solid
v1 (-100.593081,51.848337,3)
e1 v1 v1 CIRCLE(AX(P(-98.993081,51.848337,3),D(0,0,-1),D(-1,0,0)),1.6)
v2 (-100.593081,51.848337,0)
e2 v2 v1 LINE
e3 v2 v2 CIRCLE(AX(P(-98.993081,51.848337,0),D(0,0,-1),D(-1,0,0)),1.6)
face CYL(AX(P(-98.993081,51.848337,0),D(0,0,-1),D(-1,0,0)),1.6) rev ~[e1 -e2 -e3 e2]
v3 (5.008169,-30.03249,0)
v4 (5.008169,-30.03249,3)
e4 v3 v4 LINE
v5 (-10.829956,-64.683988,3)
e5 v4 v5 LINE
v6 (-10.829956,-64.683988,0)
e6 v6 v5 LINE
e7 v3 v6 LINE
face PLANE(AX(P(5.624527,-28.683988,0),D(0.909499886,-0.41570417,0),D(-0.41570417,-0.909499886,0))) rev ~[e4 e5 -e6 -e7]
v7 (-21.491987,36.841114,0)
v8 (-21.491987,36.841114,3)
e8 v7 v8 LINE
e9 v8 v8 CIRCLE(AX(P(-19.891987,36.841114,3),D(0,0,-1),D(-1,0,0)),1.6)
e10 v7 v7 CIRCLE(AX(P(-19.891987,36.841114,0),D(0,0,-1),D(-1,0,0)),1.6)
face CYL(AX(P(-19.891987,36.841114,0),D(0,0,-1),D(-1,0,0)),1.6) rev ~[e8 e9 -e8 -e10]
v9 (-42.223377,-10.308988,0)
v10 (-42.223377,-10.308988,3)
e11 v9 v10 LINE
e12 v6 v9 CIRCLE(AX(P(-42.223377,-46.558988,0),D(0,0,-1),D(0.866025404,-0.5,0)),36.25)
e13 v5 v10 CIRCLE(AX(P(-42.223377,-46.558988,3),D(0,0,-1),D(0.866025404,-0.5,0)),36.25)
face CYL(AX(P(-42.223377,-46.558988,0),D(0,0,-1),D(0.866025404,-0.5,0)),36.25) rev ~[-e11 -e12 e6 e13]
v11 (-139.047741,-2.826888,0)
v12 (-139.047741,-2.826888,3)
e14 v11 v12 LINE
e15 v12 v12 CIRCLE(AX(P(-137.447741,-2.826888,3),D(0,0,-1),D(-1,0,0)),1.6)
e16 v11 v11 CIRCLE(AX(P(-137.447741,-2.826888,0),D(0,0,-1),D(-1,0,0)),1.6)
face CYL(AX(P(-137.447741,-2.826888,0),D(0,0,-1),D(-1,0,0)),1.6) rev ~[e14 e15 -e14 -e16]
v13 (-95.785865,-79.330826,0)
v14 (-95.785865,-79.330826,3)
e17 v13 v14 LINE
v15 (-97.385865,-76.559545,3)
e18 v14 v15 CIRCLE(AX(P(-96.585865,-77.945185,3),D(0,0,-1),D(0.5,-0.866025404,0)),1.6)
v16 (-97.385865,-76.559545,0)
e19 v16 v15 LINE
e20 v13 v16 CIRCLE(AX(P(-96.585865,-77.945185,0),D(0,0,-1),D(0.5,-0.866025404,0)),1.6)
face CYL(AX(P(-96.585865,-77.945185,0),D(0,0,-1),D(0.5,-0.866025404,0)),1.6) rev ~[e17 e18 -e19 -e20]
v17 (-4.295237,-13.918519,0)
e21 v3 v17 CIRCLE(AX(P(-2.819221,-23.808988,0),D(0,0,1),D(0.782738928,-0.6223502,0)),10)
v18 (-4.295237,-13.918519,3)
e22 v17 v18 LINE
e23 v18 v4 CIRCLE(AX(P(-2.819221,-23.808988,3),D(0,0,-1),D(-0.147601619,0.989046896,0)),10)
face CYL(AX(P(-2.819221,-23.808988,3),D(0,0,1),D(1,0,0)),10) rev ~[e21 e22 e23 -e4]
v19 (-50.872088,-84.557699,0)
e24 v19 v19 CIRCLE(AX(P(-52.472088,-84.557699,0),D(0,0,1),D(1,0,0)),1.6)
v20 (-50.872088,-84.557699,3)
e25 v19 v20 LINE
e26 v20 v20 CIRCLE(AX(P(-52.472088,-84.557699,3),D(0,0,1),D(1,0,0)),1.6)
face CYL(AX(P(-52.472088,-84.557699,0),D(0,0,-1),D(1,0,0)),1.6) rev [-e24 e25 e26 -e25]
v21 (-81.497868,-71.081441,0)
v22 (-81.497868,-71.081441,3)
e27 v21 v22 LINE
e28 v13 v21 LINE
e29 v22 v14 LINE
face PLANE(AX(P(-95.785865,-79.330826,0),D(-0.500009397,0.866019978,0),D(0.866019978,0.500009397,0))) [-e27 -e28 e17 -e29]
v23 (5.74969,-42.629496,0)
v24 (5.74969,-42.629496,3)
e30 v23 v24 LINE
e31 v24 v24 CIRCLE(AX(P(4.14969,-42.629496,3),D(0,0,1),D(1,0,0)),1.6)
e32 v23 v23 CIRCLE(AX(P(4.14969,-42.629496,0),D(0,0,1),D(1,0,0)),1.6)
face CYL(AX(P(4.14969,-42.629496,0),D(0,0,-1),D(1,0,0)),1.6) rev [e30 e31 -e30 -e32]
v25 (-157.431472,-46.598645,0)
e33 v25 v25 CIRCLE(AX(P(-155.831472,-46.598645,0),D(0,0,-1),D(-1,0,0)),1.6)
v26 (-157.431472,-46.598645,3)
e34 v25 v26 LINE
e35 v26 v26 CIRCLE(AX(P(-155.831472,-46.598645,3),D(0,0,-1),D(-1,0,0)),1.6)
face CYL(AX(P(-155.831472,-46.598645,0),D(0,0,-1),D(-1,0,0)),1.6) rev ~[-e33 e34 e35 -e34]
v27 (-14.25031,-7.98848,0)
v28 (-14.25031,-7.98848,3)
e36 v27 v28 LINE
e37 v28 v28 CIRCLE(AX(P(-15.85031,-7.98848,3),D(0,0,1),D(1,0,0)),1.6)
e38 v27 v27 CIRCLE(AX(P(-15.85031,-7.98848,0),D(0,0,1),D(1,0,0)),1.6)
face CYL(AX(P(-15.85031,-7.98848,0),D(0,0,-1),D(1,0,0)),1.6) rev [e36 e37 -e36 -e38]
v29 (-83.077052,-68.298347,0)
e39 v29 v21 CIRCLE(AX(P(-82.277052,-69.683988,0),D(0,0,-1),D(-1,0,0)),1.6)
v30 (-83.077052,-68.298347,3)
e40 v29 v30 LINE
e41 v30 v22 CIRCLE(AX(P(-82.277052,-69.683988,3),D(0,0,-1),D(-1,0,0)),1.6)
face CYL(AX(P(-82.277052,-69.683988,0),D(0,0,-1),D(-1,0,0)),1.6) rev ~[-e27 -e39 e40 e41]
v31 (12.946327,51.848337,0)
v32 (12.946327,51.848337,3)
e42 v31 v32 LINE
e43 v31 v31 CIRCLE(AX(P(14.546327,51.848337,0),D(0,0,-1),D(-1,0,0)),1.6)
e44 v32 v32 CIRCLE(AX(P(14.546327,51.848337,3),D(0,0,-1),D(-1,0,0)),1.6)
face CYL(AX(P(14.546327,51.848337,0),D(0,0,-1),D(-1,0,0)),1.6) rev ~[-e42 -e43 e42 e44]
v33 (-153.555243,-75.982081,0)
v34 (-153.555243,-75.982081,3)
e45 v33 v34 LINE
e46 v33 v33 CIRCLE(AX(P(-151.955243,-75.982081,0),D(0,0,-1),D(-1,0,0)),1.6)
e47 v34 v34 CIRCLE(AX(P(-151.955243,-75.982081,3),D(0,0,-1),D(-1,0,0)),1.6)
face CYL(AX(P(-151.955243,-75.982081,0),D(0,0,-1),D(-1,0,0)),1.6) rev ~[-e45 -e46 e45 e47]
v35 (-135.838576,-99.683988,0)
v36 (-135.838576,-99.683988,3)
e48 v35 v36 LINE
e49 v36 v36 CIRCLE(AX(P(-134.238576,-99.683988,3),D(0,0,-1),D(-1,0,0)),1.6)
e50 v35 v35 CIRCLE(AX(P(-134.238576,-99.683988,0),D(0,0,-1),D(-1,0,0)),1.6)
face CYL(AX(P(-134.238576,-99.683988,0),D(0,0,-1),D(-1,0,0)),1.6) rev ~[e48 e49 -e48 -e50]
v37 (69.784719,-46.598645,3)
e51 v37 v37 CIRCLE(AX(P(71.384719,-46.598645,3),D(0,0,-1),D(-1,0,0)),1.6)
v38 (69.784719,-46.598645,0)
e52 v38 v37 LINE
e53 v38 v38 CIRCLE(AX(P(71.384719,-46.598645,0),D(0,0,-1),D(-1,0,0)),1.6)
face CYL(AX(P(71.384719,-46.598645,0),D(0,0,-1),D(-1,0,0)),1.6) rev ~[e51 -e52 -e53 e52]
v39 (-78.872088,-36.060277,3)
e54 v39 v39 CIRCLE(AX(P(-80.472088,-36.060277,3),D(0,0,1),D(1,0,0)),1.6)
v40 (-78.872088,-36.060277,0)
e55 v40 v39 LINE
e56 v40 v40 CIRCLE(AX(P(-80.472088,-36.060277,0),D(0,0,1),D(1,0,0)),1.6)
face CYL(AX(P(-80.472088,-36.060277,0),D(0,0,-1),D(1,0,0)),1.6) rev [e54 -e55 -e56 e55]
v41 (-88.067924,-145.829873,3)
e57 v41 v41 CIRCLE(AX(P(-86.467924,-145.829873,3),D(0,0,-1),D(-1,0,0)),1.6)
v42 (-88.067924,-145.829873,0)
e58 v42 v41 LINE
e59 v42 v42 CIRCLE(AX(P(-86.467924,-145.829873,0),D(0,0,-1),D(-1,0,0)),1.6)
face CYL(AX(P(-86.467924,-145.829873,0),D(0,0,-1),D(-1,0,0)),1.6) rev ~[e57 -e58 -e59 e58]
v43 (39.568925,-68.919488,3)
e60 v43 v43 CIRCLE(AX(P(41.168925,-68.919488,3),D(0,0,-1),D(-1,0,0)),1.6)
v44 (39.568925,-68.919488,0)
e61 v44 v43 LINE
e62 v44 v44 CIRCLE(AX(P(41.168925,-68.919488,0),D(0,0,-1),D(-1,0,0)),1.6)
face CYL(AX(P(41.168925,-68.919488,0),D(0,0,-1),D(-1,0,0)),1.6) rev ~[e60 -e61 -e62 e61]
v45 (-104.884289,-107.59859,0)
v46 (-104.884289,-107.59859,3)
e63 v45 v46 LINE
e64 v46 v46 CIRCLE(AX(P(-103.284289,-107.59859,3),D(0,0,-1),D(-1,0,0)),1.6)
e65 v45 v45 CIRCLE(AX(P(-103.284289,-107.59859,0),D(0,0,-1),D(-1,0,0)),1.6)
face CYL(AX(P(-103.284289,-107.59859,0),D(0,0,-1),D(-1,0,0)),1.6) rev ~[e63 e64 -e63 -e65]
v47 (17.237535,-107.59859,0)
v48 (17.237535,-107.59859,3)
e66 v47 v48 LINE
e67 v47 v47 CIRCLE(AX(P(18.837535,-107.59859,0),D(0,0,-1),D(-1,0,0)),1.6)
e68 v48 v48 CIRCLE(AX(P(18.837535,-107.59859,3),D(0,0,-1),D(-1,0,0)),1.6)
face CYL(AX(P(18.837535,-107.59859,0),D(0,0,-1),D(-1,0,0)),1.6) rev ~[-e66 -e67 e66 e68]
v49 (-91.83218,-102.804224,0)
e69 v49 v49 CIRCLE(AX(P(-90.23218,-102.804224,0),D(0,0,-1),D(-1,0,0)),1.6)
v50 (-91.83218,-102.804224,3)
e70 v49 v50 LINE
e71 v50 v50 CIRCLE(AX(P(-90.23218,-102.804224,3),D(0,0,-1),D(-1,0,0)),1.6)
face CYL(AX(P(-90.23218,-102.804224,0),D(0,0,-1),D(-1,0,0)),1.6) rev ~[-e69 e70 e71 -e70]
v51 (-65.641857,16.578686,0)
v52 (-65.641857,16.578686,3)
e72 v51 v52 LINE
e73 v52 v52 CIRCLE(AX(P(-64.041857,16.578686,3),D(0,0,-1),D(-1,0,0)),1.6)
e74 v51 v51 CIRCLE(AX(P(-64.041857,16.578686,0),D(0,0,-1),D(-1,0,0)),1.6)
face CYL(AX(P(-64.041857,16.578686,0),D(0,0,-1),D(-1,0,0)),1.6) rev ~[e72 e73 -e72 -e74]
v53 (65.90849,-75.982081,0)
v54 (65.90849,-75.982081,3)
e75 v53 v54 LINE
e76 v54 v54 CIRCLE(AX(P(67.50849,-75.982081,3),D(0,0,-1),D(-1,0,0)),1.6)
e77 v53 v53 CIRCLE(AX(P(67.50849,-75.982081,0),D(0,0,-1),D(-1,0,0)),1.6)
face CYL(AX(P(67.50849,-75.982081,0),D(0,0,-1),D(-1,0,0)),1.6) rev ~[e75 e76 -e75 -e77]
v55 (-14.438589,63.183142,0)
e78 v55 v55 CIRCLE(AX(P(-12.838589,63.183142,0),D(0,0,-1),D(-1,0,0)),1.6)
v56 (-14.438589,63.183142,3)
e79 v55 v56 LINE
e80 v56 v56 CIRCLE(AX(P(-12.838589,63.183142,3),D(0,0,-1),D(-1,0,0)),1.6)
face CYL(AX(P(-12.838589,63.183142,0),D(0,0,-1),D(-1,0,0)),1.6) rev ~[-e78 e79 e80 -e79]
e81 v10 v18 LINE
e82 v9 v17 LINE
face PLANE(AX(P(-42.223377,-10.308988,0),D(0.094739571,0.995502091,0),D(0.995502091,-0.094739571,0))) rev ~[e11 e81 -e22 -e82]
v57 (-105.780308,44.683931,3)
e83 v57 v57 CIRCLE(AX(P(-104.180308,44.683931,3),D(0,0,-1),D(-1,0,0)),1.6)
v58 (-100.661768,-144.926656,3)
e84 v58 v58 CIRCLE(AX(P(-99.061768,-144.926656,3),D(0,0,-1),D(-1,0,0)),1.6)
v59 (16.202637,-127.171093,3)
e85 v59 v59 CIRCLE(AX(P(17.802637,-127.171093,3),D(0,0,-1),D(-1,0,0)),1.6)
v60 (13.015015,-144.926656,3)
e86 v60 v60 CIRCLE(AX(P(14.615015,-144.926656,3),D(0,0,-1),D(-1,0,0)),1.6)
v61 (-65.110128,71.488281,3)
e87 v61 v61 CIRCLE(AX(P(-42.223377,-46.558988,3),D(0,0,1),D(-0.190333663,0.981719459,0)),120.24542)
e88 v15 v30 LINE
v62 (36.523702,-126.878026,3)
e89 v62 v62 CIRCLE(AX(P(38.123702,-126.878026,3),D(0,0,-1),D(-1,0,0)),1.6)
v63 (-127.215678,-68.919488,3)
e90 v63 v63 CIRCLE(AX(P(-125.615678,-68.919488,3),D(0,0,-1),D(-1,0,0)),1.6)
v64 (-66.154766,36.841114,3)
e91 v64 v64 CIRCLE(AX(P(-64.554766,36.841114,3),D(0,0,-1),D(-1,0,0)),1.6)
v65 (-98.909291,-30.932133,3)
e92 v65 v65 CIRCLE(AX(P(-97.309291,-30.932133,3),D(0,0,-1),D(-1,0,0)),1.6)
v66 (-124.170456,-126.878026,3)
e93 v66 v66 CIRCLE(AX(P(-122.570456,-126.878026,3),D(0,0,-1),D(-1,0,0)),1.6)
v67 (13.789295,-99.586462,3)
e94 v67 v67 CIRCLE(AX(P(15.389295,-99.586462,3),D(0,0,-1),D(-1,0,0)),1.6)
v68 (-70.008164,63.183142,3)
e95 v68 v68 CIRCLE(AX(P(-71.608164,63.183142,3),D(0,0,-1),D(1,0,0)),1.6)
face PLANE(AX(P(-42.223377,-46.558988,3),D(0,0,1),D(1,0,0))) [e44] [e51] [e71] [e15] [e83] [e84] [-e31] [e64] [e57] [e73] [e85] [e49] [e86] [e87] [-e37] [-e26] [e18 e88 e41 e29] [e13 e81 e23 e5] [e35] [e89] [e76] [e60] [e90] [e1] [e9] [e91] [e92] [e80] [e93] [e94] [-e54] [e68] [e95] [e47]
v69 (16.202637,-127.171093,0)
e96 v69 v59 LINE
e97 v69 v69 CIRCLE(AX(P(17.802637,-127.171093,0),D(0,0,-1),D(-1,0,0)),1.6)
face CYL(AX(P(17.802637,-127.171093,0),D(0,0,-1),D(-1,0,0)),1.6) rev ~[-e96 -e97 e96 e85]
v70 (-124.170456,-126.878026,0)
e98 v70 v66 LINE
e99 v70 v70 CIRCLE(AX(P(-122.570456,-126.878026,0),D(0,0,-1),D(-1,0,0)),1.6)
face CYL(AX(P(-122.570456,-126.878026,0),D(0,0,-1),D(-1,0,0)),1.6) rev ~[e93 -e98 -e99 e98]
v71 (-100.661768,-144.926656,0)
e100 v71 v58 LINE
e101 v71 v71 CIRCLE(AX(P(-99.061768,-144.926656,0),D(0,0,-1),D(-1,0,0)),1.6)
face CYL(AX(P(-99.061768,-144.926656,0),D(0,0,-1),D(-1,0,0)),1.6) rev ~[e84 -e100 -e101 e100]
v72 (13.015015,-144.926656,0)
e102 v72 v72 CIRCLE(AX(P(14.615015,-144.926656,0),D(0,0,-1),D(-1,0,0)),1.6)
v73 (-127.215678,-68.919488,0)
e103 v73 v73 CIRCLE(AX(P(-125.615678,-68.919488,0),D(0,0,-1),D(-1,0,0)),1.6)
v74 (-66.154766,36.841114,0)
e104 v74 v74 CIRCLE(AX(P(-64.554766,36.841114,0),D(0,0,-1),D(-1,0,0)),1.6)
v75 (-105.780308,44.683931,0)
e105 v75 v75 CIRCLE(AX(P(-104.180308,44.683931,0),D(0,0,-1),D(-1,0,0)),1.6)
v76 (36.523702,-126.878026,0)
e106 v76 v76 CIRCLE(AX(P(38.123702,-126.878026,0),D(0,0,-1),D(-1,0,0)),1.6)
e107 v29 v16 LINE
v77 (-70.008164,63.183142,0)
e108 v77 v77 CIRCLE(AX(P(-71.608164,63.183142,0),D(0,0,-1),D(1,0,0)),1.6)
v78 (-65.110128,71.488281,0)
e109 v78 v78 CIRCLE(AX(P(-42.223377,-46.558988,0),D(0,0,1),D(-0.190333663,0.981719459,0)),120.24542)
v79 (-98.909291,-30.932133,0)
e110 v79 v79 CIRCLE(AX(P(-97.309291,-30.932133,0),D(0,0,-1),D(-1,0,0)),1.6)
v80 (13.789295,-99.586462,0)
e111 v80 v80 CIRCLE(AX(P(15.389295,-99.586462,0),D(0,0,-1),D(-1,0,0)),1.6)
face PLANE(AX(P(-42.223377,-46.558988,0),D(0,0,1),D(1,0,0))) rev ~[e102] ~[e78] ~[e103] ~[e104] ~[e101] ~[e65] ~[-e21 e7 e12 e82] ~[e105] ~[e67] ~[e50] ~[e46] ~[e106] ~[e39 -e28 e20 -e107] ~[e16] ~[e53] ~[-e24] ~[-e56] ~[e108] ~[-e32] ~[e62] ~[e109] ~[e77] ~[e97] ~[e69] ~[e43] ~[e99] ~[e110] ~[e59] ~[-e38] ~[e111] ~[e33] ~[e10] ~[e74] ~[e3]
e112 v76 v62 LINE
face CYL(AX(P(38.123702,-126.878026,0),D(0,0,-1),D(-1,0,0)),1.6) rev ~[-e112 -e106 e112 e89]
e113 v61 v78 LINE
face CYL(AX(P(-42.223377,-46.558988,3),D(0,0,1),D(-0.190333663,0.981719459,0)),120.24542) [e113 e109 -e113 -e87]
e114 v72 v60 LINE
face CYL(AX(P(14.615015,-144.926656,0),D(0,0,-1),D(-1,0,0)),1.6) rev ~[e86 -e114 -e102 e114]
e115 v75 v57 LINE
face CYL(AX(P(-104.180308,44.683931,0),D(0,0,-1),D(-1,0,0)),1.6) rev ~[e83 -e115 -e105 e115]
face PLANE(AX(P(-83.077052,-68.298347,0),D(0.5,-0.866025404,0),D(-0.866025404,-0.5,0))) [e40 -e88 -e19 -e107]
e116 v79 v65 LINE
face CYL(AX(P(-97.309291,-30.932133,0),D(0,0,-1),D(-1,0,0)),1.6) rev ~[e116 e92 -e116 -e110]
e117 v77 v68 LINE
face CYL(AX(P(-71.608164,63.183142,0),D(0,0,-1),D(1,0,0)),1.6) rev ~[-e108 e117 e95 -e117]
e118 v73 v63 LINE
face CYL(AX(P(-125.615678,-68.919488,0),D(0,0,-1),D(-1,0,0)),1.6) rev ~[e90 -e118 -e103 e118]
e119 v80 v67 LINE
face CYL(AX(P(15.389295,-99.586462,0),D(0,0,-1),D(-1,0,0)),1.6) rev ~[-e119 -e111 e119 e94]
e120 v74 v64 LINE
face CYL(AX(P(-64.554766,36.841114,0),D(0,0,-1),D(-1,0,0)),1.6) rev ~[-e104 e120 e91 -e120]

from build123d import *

# Parameters (mm, degrees)
SKETCH1_R           = 1.6
BOSS_EXTRUDE1_DEPTH = 3
SKETCH2_R           = 10
CUT_EXTRUDE1_DEPTH  = 178.200787705
BOSS_EXTRUDE2_DEPTH = 3
SKETCH4_R           = 1.6
CUT_EXTRUDE2_DEPTH  = 10
SKETCH5_R           = 1.6
CUT_EXTRUDE4_DEPTH  = 233.870824119
SKETCH6_R           = 1.6
CUT_EXTRUDE5_DEPTH  = 233.870824119


with BuildPart() as part:
    # Sketch1 → Boss-Extrude1 (new body)
    with BuildSketch(Plane.XY):
        Polygon((-65.110127969, 48.691011888), (-135.939165656, -73.988480037), (-113.05241431, -113.629496188), (28.605661063, -113.629496188), (51.492412409, -73.988480037), (-19.336625277, 48.691011888), align=None)
        with Locations((-15.850309664, -7.988480037)):
            Circle(SKETCH1_R, mode=Mode.SUBTRACT)
        with Locations((4.149690336, -42.629496188)):
            Circle(SKETCH1_R, mode=Mode.SUBTRACT)
        with Locations((-80.472087929, -36.060276806)):
            Circle(SKETCH1_R, mode=Mode.SUBTRACT)
        with Locations((-52.472087929, -84.557699418)):
            Circle(SKETCH1_R, mode=Mode.SUBTRACT)
        with BuildLine():
            Line((-42.223376623, -10.308988112), (-2.819220751, -14.058988112))
            ThreePointArc((-2.819220751, -14.058988112), (5.624526936, -18.933988112), (5.624526936, -28.683988112))
            Line((5.624526936, -28.683988112), (-10.829955736, -64.683988112))
            ThreePointArc((-10.829955736, -64.683988112), (-73.616797511, -64.683988112), (-42.223376623, -10.308988112))
        make_face(mode=Mode.SUBTRACT)
    extrude(amount=BOSS_EXTRUDE1_DEPTH)

    # Sketch2 → Cut-Extrude1 (cut, through all)
    with BuildSketch(Plane.XY.offset(3)):
        with Locations((-2.819220751, -23.808988112)):
            Circle(SKETCH2_R)
    extrude(amount=-CUT_EXTRUDE1_DEPTH, mode=Mode.SUBTRACT)

    # Sketch3 → Boss-Extrude2 (add)
    with BuildSketch(Plane.XY.offset(3)):
        with BuildLine():
            ThreePointArc((78.022043807, -46.558988112), (34.284577527, 46.206814241), (-65.110127969, 71.488281011))
            ThreePointArc((-65.110127969, 71.488281011), (-118.731330774, -139.324790466), (78.022043807, -46.558988112))
        make_face()
        Polygon((-135.939165656, -73.988480037), (-65.110127969, 48.691011888), (-19.336625277, 48.691011888), (51.492412409, -73.988480037), (28.605661063, -113.629496188), (-113.05241431, -113.629496188), align=None, mode=Mode.SUBTRACT)
    extrude(amount=-BOSS_EXTRUDE2_DEPTH)

    # Sketch4 → Cut-Extrude2 (cut)
    with BuildSketch(Plane(origin=(0, 0, 0), x_dir=(-1, 0, 0), z_dir=(0, 0, -1))):
        with Locations((-15.389294768, -99.586461705)):
            Circle(SKETCH4_R)
        with Locations((-17.802637284, -127.171092895)):
            Circle(SKETCH4_R)
        with Locations((86.467923808, -145.829873387)):
            Circle(SKETCH4_R)
        with Locations((64.041857466, 16.578685607)):
            Circle(SKETCH4_R)
        with Locations((97.309290774, -30.932132962)):
            Circle(SKETCH4_R)
        with Locations((104.180307636, 44.683930988)):
            Circle(SKETCH4_R)
        with Locations((137.447740944, -2.82688758)):
            Circle(SKETCH4_R)
        with Locations((90.232180337, -102.804224376)):
            Circle(SKETCH4_R)
    extrude(amount=-CUT_EXTRUDE2_DEPTH, mode=Mode.SUBTRACT)

    # Sketch5 → Cut-Extrude4 (cut, through all)
    with BuildSketch(Plane(origin=(0, 0, 0), x_dir=(-1, 0, 0), z_dir=(0, 0, -1))):
        with Locations((82.277051548, -69.683988112)):
            Circle(SKETCH5_R)
        with Locations((134.238575775, -99.683988112)):
            Circle(SKETCH5_R)
        with Locations((96.585864973, -77.945185395)):
            Circle(SKETCH5_R)
        Polygon((82.277051548, -69.683988112), (83.077051548, -68.298347466), (97.385864973, -76.559544749), (96.585864973, -77.945185395), (95.785864973, -79.330826041), (81.497868277, -71.081440591), align=None)
    extrude(amount=-CUT_EXTRUDE4_DEPTH, mode=Mode.SUBTRACT)

    # Sketch6 → Cut-Extrude5 (cut, through all)
    with BuildSketch(Plane(origin=(0, 0, 0), x_dir=(-1, 0, 0), z_dir=(0, 0, -1))):
        with Locations((155.831472002, -46.59864482)):
            Circle(SKETCH6_R)
        with Locations((151.955243084, -75.982080937)):
            Circle(SKETCH6_R)
        with Locations((125.615678054, -68.919488348)):
            Circle(SKETCH6_R)
        with Locations((103.284288585, -107.598589514)):
            Circle(SKETCH6_R)
        with Locations((122.570455698, -126.878025659)):
            Circle(SKETCH6_R)
        with Locations((99.061768029, -144.926656432)):
            Circle(SKETCH6_R)
        with Locations((98.993080596, 51.848336915)):
            Circle(SKETCH6_R)
        with Locations(Location((71.608164009, 63.183142259, 0), (0, 0, 180))):
            Circle(SKETCH6_R)
        with Locations((64.554766093, 36.841113525)):
            Circle(SKETCH6_R)
        with Locations((12.838589238, 63.183142259)):
            Circle(SKETCH6_R)
        with Locations((-14.546327349, 51.848336915)):
            Circle(SKETCH6_R)
        with Locations((19.891987154, 36.841113525)):
            Circle(SKETCH6_R)
        with Locations((-41.168924808, -68.919488348)):
            Circle(SKETCH6_R)
        with Locations((-67.508489837, -75.982080937)):
            Circle(SKETCH6_R)
        with Locations((-71.384718755, -46.59864482)):
            Circle(SKETCH6_R)
        with Locations((-38.123702451, -126.878025659)):
            Circle(SKETCH6_R)
        with Locations((-14.615014783, -144.926656432)):
            Circle(SKETCH6_R)
        with Locations((-18.837535338, -107.598589514)):
            Circle(SKETCH6_R)
    extrude(amount=-CUT_EXTRUDE5_DEPTH, mode=Mode.SUBTRACT)


solid = part.part
